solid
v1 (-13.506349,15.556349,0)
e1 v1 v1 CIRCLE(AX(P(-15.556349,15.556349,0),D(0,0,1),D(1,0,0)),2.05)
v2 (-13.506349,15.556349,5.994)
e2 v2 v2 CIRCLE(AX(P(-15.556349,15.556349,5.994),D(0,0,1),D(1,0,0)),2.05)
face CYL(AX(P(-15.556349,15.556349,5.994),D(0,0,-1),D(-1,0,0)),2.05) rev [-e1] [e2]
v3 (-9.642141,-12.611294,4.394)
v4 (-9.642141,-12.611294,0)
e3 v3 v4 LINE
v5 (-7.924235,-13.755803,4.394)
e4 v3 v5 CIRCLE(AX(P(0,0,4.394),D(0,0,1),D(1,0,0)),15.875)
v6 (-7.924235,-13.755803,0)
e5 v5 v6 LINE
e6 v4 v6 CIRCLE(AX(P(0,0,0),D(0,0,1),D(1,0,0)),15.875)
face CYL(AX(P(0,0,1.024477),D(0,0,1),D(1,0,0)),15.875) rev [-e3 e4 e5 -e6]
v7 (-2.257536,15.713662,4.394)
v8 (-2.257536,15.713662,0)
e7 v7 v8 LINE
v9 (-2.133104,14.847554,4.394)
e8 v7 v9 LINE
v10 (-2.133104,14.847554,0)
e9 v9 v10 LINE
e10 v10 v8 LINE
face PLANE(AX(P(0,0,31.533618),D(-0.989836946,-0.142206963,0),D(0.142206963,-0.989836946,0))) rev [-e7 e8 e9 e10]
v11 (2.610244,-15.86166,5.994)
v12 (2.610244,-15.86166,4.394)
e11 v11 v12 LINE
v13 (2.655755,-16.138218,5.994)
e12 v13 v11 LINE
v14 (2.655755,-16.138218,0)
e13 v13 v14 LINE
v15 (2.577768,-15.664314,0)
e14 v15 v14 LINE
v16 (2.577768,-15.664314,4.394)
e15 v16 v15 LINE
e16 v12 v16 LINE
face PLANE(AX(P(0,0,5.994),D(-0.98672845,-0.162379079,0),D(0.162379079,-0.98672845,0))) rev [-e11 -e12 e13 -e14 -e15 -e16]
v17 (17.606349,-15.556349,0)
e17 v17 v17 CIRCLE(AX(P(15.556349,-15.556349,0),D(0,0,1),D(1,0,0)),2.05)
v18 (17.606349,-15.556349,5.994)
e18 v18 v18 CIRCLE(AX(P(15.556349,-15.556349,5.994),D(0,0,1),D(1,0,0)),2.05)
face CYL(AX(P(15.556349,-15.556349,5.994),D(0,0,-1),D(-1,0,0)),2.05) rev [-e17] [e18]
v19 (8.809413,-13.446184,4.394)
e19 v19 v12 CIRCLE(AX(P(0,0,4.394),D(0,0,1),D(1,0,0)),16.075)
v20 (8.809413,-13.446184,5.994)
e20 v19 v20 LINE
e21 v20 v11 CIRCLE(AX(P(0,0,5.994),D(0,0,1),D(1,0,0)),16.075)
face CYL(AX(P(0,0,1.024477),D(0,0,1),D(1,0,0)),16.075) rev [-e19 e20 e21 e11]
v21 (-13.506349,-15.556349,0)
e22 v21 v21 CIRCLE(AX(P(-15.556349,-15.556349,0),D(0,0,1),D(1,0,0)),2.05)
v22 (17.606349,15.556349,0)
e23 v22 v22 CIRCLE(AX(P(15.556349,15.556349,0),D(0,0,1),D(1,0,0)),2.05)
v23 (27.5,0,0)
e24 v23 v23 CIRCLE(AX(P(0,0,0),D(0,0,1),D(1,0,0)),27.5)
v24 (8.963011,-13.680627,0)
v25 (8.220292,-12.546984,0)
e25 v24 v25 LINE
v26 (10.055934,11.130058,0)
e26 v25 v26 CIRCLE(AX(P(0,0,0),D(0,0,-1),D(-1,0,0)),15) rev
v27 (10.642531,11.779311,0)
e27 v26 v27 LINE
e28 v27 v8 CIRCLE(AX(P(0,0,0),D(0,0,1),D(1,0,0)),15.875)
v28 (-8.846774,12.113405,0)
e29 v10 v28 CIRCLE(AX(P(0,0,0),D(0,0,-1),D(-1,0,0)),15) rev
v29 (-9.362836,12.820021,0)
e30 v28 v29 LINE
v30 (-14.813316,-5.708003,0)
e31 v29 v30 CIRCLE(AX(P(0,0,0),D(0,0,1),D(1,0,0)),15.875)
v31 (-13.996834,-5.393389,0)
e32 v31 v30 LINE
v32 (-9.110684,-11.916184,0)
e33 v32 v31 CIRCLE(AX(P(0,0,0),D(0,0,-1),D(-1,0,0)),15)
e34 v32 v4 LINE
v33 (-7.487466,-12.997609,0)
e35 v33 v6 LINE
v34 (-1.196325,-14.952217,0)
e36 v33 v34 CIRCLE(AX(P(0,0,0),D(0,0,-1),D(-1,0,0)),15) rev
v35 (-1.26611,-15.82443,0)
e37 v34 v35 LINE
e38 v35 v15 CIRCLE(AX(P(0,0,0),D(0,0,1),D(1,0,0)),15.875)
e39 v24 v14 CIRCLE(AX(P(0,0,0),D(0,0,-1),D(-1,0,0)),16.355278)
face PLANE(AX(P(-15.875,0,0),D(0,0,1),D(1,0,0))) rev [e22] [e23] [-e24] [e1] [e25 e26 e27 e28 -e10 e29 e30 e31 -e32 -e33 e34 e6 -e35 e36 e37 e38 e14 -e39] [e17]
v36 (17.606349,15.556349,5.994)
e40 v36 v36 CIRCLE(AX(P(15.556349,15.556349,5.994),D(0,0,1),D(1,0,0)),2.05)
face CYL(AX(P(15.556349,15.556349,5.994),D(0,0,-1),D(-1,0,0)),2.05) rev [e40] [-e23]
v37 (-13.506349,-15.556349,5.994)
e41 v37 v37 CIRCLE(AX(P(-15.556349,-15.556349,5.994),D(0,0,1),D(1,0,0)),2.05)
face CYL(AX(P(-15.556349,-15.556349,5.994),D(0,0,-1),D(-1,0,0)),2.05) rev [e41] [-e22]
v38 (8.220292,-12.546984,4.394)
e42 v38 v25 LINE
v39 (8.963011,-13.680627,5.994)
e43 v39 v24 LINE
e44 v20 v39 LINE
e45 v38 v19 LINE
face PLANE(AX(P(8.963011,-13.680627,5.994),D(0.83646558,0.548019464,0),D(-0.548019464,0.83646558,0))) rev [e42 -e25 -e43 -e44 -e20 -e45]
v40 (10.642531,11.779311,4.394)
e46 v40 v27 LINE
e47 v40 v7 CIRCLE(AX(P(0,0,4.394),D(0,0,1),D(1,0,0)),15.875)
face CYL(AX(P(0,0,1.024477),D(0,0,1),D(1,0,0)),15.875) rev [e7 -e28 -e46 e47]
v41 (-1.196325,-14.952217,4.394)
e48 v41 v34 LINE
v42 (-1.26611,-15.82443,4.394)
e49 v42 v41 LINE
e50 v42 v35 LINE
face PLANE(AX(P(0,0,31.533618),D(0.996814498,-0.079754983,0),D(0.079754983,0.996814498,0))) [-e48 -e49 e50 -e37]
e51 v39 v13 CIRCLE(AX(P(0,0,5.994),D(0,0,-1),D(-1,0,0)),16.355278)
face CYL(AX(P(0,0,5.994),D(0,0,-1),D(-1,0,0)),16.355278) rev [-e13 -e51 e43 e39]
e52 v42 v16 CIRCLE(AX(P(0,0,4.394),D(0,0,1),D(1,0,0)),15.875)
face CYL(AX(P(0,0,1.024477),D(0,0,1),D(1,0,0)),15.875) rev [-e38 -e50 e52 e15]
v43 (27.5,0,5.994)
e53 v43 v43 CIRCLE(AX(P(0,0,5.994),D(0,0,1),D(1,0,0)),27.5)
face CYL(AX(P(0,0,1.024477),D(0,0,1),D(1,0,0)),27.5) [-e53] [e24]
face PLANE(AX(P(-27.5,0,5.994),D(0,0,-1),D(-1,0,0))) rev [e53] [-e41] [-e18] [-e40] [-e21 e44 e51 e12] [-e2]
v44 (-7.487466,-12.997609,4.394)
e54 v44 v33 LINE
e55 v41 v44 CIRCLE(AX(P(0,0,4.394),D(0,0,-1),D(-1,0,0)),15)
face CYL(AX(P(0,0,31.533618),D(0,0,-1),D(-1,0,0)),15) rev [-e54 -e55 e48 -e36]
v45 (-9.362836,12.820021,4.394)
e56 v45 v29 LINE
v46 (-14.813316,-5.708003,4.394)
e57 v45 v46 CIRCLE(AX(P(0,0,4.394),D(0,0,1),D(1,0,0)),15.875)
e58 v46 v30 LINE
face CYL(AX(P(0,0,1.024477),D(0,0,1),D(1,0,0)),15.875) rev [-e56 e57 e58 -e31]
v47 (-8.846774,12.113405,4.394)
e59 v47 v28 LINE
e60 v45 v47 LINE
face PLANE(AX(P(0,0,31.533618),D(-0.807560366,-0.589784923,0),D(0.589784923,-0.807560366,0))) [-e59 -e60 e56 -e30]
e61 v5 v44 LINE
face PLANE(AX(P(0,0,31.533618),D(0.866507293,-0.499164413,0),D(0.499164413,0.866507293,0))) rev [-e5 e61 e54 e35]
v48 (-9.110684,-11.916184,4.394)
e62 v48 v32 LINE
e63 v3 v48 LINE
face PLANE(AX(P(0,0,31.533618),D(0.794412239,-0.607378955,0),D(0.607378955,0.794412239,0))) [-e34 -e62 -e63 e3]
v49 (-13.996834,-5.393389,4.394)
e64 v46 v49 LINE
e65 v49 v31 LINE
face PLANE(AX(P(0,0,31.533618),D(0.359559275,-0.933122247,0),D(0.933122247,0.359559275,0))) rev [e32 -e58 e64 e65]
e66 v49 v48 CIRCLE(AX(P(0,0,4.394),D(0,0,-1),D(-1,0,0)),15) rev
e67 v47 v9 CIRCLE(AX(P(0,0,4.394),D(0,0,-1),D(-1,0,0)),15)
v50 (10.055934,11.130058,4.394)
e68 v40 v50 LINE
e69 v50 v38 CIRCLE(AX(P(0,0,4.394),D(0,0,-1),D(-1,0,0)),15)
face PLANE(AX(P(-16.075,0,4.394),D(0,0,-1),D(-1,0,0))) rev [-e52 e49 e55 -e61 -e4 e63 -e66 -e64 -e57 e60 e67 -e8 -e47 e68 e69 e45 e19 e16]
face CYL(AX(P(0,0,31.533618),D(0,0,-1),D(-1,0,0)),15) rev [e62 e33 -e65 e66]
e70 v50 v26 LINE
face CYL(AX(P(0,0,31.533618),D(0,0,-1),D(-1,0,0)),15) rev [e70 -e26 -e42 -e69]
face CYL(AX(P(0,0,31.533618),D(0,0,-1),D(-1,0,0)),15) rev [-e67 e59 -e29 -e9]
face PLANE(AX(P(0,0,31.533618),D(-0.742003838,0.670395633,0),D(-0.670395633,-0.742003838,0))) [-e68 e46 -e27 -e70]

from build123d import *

# Parameters (mm, degrees)
SKETCH2_R               = 2.05
CUT_EXTRUDE1_DEPTH      = 40.350070343
BOSS_EXTRUDE2_DEPTH     = 4.394
CUT_EXTRUDE2_DEPTH      = 40.350070343
CUT_EXTRUDE2_DEPTH_BACK = 40.350070343


with BuildPart() as part:
    # Sketch1 → Revolve1 (revolve)
    with BuildSketch(Plane(origin=(0, 0, 0), x_dir=(1, 0, 0), z_dir=(0, 1, 0)), mode=Mode.PRIVATE) as revolve1_sk:
        Polygon((-15.875, 0), (-27.5, 0), (-27.5, -5.994), (-16.075, -5.994), (-16.075, -4.394), (-15.875, -4.394), align=None)
    revolve(revolve1_sk.sketch.rotate(Axis((0, 0, 1.024477222), (0, 0, -1)), 180), axis=Axis((0, 0, 1.024477222), (0, 0, -1)))

    # Sketch2 → Cut-Extrude1 (cut, through all)
    with BuildSketch(Plane.XY):
        with Locations((-15.556349186, 15.556349186)):
            Circle(SKETCH2_R)
        with Locations((15.556349186, 15.556349186)):
            Circle(SKETCH2_R)
        with Locations((15.556349186, -15.556349186)):
            Circle(SKETCH2_R)
        with Locations((-15.556349186, -15.556349186)):
            Circle(SKETCH2_R)
    extrude(amount=CUT_EXTRUDE1_DEPTH, mode=Mode.SUBTRACT)

    # Sketch3 → Boss-Extrude2 (add)
    with BuildSketch(Plane(origin=(0, 0, 0), x_dir=(-1, 0, 0), z_dir=(0, 0, -1))):
        with BuildLine():
            ThreePointArc((-10.642530671, 11.779310927), (-15.76562668, -1.860279655), (-7.608598211, -13.932869707))
            Line((-7.608598211, -13.932869707), (-7.189226656, -13.164916258))
            ThreePointArc((-7.189226656, -13.164916258), (-14.89665513, -1.757744556), (-10.055934492, 11.130057569))
            Line((-10.055934492, 11.130057569), (-10.642530671, 11.779310927))
        make_face()
        with BuildLine():
            Line((7.924235053, -13.755803278), (7.487466192, -12.997609396))
            ThreePointArc((7.487466192, -12.997609396), (4.450525747, -14.324553067), (1.196324742, -14.952217465))
            Line((1.196324742, -14.952217465), (1.266110352, -15.82443015))
            ThreePointArc((1.266110352, -15.82443015), (4.710139749, -15.160151996), (7.924235053, -13.755803278))
        make_face()
        with BuildLine():
            Line((9.110684324, -11.916183582), (9.642140909, -12.611294291))
            ThreePointArc((9.642140909, -12.611294291), (12.705557645, -9.517585299), (14.81331567, -5.708003492))
            Line((14.81331567, -5.708003492), (13.996833704, -5.393389127))
            ThreePointArc((13.996833704, -5.393389127), (12.005251319, -8.992993983), (9.110684324, -11.916183582))
        make_face()
        with BuildLine():
            ThreePointArc((9.362835646, 12.820020814), (5.987616034, 14.702519486), (2.257535542, 15.713661517))
            Line((2.257535542, 15.713661517), (2.133104449, 14.847554189))
            ThreePointArc((2.133104449, 14.847554189), (5.657589953, 13.892144396), (8.846773838, 12.113405494))
            Line((8.846773838, 12.113405494), (9.362835646, 12.820020814))
        make_face()
    extrude(amount=-BOSS_EXTRUDE2_DEPTH)

    # Sketch4 → Cut-Extrude2 (cut, two sides: drawn at the far end of the back side and taken through both)
    with BuildSketch(Plane(origin=(0, 0, 0), x_dir=(-1, 0, 0), z_dir=(0, 0, -1)).offset(-CUT_EXTRUDE2_DEPTH_BACK)):
        with BuildLine():
            Line((-8.963010633, -13.680627024), (0, 0))
            Line((0, 0), (-2.655754961, -16.138218023))
            ThreePointArc((-2.655754961, -16.138218023), (-5.937917721, -15.239299476), (-8.963010633, -13.680627024))
        make_face()
    extrude(amount=CUT_EXTRUDE2_DEPTH + CUT_EXTRUDE2_DEPTH_BACK, mode=Mode.SUBTRACT)


solid = part.part
